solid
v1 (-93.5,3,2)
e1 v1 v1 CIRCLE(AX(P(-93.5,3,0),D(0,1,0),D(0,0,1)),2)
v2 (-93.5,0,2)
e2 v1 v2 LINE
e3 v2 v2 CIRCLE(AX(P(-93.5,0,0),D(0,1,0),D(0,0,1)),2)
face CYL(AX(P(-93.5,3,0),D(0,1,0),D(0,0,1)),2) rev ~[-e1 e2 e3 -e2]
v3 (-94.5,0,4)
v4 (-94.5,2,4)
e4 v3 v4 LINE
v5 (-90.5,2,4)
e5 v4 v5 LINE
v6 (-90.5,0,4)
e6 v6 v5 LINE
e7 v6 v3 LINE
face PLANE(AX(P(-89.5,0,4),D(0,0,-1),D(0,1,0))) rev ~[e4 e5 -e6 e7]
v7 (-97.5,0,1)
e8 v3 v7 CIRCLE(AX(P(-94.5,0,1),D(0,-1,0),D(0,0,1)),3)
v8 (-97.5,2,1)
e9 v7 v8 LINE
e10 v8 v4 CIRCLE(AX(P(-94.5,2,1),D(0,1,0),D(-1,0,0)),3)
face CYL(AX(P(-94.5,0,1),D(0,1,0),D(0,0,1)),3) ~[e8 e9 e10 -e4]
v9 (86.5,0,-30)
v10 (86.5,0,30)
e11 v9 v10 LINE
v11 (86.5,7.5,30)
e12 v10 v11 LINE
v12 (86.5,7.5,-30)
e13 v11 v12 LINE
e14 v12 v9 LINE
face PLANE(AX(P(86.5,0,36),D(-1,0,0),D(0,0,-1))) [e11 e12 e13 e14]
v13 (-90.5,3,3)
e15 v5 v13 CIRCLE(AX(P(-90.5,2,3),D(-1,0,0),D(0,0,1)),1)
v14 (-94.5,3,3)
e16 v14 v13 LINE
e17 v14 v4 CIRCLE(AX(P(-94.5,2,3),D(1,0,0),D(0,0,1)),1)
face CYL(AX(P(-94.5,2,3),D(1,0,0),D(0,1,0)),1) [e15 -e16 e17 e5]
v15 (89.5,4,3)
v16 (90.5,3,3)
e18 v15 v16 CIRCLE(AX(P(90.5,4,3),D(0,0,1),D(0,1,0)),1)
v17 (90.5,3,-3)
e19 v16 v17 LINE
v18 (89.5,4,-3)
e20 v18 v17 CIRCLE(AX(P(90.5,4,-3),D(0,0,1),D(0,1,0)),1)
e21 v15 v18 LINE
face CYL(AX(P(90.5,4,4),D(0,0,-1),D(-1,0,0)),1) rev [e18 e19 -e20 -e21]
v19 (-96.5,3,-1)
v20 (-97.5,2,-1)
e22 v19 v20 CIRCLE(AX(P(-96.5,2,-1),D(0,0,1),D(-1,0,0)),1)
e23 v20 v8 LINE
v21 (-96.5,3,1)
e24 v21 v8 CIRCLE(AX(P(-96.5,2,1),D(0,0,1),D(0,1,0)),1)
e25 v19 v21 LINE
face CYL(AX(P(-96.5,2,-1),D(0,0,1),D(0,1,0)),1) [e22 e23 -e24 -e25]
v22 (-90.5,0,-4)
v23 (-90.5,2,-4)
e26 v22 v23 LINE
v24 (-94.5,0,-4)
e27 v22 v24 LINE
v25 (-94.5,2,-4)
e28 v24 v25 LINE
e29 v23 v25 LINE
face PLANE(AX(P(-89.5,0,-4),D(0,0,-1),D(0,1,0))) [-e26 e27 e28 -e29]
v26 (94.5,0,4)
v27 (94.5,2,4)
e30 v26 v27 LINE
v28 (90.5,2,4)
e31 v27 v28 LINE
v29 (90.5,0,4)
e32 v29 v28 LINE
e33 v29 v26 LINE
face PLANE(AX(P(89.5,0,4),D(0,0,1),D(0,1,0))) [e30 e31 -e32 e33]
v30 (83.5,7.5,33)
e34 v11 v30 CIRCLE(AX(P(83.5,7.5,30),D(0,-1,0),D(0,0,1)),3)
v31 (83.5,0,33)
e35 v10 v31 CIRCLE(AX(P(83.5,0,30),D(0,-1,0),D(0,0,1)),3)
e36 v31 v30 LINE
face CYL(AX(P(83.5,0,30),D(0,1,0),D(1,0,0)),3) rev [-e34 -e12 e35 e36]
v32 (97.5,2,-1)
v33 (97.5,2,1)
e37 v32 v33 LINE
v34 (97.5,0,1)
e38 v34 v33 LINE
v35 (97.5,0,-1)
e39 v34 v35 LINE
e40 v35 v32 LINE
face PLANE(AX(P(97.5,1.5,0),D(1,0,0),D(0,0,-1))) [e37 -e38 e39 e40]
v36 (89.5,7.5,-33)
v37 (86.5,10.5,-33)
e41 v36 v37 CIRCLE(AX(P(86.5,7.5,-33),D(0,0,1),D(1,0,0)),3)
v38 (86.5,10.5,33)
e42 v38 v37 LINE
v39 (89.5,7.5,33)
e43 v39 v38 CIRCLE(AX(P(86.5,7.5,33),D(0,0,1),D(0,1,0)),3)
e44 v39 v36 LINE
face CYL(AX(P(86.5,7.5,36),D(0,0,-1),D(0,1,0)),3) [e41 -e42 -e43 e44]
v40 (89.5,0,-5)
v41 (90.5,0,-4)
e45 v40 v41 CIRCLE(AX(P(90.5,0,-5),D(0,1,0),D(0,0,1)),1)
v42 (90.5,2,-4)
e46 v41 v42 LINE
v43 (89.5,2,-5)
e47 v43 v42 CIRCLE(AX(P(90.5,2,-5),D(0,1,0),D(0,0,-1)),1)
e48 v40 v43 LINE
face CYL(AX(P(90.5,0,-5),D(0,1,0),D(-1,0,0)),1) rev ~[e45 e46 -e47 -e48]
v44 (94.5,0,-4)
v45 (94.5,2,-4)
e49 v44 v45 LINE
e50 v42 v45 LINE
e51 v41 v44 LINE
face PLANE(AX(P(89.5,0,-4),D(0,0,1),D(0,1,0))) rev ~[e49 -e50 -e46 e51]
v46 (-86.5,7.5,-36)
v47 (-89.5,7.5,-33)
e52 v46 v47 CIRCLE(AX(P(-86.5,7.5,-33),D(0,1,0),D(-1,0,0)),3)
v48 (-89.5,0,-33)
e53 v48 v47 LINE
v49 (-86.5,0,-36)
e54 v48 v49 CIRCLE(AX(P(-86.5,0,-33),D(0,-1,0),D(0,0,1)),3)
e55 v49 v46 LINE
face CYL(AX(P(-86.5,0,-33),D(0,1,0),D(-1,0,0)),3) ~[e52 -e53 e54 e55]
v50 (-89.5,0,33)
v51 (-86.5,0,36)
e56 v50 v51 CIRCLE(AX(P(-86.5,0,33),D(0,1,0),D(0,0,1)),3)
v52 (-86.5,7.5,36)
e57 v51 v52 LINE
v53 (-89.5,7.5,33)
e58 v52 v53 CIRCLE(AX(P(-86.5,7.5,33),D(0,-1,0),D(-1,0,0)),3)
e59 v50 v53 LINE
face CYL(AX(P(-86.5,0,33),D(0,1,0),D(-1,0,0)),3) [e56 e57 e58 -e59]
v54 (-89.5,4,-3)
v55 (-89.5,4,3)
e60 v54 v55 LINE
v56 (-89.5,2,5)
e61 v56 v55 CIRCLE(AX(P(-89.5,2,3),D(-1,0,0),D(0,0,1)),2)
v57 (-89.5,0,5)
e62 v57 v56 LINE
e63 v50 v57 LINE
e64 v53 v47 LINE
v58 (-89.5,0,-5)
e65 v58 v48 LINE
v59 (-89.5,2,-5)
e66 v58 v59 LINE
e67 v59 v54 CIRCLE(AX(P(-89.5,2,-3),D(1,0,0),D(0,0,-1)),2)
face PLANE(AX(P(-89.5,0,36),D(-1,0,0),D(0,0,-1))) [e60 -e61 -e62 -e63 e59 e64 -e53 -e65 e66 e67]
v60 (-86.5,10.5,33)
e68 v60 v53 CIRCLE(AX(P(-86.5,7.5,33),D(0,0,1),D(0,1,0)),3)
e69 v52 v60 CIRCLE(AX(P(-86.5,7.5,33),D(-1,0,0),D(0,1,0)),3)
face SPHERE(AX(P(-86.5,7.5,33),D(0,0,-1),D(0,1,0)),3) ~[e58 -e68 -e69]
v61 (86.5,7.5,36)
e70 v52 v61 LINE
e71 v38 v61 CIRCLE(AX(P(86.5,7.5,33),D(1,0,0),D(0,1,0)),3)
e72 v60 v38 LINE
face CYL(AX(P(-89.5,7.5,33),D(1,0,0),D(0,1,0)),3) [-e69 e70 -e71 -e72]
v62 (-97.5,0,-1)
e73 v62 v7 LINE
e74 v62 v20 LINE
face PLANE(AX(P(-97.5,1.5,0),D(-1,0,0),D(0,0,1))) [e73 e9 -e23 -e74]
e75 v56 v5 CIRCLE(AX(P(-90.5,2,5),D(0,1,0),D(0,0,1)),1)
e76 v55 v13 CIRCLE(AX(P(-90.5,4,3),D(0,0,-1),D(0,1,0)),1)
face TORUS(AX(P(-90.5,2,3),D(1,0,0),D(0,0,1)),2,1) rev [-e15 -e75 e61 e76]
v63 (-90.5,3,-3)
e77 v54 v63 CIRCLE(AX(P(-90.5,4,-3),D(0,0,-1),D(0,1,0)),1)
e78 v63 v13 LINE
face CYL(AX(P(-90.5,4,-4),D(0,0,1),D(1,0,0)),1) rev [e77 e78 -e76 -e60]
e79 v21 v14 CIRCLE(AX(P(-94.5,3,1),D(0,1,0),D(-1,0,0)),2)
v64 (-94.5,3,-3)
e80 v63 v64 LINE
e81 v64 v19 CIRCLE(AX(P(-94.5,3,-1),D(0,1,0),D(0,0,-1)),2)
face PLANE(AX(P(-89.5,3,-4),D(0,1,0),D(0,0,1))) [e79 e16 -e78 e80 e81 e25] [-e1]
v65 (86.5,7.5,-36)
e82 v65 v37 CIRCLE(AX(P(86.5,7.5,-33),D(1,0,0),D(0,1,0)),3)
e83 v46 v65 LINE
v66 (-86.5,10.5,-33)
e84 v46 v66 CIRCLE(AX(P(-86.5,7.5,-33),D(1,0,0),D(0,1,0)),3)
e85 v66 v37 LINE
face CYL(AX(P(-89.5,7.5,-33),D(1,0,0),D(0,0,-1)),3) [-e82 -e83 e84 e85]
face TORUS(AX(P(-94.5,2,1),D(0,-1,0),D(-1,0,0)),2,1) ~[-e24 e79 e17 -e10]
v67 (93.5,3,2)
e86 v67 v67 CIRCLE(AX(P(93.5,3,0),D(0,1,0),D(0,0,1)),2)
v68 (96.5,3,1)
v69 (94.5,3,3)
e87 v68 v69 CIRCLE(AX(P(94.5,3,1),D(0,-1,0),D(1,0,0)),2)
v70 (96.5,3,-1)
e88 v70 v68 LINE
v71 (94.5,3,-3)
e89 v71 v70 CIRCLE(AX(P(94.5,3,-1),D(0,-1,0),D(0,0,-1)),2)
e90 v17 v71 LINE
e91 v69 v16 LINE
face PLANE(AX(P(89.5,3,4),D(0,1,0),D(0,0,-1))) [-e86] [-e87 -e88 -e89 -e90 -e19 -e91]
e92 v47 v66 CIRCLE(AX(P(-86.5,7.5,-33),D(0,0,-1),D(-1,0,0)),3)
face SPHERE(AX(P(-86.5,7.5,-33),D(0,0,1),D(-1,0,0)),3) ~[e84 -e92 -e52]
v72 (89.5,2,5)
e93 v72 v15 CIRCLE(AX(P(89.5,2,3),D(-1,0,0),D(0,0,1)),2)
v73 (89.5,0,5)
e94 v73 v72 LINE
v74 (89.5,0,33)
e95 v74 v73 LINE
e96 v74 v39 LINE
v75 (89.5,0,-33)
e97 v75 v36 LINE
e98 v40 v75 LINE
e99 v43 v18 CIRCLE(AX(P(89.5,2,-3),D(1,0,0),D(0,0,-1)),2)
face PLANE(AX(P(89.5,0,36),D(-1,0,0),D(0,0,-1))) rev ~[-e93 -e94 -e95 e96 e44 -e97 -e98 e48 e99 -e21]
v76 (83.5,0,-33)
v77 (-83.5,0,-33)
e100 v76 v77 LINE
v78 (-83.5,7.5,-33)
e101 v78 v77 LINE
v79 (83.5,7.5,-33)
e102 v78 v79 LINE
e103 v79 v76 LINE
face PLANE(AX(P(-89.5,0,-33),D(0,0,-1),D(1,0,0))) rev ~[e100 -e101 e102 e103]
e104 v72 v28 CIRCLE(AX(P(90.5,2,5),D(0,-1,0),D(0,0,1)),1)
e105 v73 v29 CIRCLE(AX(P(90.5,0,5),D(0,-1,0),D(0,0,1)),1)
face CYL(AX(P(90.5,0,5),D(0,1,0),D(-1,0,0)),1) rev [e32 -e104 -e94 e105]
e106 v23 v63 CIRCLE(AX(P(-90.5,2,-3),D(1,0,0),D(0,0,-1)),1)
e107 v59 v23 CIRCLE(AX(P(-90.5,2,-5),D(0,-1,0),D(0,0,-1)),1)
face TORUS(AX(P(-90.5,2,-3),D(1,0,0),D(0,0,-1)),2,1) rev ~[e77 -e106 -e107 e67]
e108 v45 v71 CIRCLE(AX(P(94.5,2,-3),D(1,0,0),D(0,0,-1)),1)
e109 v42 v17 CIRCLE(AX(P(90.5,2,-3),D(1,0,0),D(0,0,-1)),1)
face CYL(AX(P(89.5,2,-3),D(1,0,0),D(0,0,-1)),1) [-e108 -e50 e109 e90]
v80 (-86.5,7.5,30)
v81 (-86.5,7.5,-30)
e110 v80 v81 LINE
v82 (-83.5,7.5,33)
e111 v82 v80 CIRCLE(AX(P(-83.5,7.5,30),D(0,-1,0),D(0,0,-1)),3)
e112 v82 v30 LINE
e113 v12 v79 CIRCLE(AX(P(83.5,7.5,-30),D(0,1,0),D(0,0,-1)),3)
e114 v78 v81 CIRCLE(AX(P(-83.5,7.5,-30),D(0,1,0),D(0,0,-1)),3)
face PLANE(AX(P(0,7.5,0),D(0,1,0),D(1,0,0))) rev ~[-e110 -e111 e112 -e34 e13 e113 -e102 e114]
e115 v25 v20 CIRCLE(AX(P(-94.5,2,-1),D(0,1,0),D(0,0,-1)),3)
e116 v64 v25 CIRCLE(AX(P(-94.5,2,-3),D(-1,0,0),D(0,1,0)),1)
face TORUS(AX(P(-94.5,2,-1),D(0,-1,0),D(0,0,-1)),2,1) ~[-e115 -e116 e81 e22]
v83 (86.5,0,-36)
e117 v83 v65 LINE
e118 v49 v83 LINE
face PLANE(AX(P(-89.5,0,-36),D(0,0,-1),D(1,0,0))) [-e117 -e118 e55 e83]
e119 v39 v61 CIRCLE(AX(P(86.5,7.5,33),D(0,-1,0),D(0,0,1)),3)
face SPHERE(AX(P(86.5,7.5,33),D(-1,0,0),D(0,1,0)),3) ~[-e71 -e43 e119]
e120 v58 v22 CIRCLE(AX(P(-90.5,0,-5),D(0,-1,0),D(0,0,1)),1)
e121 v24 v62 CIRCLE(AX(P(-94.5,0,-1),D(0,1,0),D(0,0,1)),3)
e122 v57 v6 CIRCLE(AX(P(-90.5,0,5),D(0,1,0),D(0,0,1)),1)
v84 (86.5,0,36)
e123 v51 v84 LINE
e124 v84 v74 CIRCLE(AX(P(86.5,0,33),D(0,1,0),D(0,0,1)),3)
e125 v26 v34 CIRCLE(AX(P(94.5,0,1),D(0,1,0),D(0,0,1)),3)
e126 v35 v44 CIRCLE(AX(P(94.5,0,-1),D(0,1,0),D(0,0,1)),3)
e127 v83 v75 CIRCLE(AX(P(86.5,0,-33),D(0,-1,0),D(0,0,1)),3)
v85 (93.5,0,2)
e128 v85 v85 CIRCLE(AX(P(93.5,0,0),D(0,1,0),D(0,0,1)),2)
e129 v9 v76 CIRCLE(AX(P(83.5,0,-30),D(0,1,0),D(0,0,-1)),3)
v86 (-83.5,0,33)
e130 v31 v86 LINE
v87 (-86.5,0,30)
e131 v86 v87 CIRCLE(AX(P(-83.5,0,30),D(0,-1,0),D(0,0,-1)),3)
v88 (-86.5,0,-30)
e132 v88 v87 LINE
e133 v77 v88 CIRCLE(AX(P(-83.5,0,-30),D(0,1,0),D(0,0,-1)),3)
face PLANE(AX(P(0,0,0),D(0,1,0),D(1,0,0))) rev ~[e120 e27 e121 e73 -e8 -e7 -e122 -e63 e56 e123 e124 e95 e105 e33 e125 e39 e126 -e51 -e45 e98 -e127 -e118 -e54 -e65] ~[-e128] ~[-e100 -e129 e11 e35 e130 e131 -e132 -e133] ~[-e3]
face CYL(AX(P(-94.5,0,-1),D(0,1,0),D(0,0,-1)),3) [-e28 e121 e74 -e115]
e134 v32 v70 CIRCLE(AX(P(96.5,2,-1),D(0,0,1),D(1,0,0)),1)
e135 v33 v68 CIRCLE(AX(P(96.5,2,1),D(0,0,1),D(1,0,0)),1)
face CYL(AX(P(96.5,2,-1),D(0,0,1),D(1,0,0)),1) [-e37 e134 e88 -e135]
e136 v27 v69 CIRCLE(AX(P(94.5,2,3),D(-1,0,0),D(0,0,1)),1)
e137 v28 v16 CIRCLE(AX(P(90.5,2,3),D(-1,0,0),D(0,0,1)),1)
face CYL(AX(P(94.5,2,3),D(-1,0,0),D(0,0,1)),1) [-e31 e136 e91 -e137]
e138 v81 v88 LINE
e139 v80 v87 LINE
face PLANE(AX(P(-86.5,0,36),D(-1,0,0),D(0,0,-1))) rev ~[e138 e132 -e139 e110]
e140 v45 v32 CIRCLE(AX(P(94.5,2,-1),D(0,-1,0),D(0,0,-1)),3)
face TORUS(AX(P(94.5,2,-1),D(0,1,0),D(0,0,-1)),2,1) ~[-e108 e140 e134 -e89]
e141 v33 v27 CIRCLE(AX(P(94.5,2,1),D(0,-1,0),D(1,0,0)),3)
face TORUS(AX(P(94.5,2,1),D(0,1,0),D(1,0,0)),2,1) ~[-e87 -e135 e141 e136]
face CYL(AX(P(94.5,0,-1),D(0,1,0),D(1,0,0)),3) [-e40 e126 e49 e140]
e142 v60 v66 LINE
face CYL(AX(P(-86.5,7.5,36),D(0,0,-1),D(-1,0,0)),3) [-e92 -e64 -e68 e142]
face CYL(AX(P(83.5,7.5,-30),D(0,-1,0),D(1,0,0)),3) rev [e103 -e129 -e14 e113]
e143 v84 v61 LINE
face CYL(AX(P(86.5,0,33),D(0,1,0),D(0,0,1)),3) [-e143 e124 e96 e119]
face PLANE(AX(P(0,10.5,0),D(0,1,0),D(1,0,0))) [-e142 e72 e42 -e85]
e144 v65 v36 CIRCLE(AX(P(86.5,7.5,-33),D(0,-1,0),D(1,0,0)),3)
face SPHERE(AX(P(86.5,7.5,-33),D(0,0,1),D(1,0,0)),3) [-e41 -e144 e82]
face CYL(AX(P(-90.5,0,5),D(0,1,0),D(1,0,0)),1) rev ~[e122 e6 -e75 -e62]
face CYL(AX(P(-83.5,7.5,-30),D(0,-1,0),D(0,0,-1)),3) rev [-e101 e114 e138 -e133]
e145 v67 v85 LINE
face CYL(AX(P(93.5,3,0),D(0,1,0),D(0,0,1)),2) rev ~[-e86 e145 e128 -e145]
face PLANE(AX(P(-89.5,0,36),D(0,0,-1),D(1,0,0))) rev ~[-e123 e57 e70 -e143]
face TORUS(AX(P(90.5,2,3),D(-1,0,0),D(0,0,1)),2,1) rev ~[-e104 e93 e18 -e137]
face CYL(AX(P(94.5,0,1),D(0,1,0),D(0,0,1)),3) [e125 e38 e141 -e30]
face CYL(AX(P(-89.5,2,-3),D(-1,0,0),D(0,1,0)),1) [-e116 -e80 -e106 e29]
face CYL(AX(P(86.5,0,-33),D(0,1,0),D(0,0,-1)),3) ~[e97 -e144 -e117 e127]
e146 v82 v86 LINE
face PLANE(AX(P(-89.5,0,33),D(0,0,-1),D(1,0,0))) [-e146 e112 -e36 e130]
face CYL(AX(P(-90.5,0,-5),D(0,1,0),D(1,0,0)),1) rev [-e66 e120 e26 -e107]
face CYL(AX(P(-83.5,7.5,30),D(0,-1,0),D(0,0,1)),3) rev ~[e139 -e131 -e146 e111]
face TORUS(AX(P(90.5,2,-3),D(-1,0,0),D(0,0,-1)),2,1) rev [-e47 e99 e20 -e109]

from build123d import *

# Parameters (mm, degrees)
SKETCH1_W           = 179
SKETCH1_H           = 72
BOSS_EXTRUDE1_DEPTH = 10.5
SHELL1_T            = -3
SKETCH2_W           = 8
SKETCH2_H           = 3
BOSS_EXTRUDE2_DEPTH = 8
SKETCH3_W           = 8
SKETCH3_H           = 3
BOSS_EXTRUDE3_DEPTH = 8
SKETCH4_R           = 2
CUT_EXTRUDE1_DEPTH  = 8
SKETCH5_R           = 2
CUT_EXTRUDE2_DEPTH  = 8
FILLET1_R           = 3
FILLET2_R           = 1


with BuildPart() as part:
    # Sketch1 → Boss-Extrude1 (new body)
    with BuildSketch(Plane(origin=(0, 0, 0), x_dir=(1, 0, 0), z_dir=(0, 1, 0))):
        Rectangle(SKETCH1_W, SKETCH1_H)
    extrude(amount=BOSS_EXTRUDE1_DEPTH)

    # Shell1
    shell1_openings = [part.faces().sort_by_distance(p)[0] for p in [
        (0, 0, 0),
    ]]
    offset(amount=SHELL1_T, openings=shell1_openings, kind=Kind.INTERSECTION)

    # Sketch2 → Boss-Extrude2 (add)
    with BuildSketch(Plane.ZY.offset(89.5)):
        with Locations((0, 1.5)):
            Rectangle(SKETCH2_W, SKETCH2_H)
    extrude(amount=BOSS_EXTRUDE2_DEPTH)

    # Sketch3 → Boss-Extrude3 (add)
    with BuildSketch(Plane(origin=(89.5, 0, 0), x_dir=(0, 0, -1), z_dir=(1, 0, 0))):
        with Locations((0, 1.5)):
            Rectangle(SKETCH3_W, SKETCH3_H)
    extrude(amount=BOSS_EXTRUDE3_DEPTH)

    # Sketch4 → Cut-Extrude1 (cut)
    with BuildSketch(Plane(origin=(0, 3, 0), x_dir=(1, 0, 0), z_dir=(0, 1, 0))):
        with Locations(Location((-93.5, 0, 0), (0, 0, 270))):
            Circle(SKETCH4_R)
    extrude(amount=-CUT_EXTRUDE1_DEPTH, mode=Mode.SUBTRACT)

    # Sketch5 → Cut-Extrude2 (cut)
    with BuildSketch(Plane(origin=(0, 3, 0), x_dir=(1, 0, 0), z_dir=(0, 1, 0))):
        with Locations(Location((93.5, 0, 0), (0, 0, 270))):
            Circle(SKETCH5_R)
    extrude(amount=-CUT_EXTRUDE2_DEPTH, mode=Mode.SUBTRACT)

    # Fillet1
    fillet1_edges = [part.edges().sort_by_distance(p)[0] for p in [
        (-89.5, 10.5, 0),
        (86.5, 3.75, 33),
        (86.5, 3.75, -33),
        (-86.5, 3.75, -33),
        (-86.5, 3.75, 33),
        (0, 10.5, 36),
        (-97.5, 1.5, -4),
        (-97.5, 1.5, 4),
        (97.5, 1.5, 4),
        (97.5, 1.5, -4),
        (89.5, 10.5, 0),
        (89.5, 5.25, 36),
        (-89.5, 5.25, 36),
        (-89.5, 5.25, -36),
        (89.5, 5.25, -36),
        (0, 10.5, -36),
    ]]
    fillet(fillet1_edges, radius=FILLET1_R)

    # Fillet2
    fillet2_edges = [part.edges().sort_by_distance(p)[0] for p in [
        (92, 3, -4),
        (96.621320344, 3, -3.121320344),
        (96.621320344, 3, 3.121320344),
        (-97.5, 3, 0),
        (-92, 3, -4),
        (-92, 3, 4),
        (-96.621320344, 3, 3.121320344),
        (-96.621320344, 3, -3.121320344),
        (-89.5, 1.5, -4),
        (-89.5, 1.5, 4),
        (-89.5, 3, 0),
        (89.5, 1.5, 4),
        (89.5, 1.5, -4),
        (89.5, 3, 0),
        (97.5, 3, 0),
        (92, 3, 4),
    ]]
    fillet(fillet2_edges, radius=FILLET2_R)


solid = part.part
